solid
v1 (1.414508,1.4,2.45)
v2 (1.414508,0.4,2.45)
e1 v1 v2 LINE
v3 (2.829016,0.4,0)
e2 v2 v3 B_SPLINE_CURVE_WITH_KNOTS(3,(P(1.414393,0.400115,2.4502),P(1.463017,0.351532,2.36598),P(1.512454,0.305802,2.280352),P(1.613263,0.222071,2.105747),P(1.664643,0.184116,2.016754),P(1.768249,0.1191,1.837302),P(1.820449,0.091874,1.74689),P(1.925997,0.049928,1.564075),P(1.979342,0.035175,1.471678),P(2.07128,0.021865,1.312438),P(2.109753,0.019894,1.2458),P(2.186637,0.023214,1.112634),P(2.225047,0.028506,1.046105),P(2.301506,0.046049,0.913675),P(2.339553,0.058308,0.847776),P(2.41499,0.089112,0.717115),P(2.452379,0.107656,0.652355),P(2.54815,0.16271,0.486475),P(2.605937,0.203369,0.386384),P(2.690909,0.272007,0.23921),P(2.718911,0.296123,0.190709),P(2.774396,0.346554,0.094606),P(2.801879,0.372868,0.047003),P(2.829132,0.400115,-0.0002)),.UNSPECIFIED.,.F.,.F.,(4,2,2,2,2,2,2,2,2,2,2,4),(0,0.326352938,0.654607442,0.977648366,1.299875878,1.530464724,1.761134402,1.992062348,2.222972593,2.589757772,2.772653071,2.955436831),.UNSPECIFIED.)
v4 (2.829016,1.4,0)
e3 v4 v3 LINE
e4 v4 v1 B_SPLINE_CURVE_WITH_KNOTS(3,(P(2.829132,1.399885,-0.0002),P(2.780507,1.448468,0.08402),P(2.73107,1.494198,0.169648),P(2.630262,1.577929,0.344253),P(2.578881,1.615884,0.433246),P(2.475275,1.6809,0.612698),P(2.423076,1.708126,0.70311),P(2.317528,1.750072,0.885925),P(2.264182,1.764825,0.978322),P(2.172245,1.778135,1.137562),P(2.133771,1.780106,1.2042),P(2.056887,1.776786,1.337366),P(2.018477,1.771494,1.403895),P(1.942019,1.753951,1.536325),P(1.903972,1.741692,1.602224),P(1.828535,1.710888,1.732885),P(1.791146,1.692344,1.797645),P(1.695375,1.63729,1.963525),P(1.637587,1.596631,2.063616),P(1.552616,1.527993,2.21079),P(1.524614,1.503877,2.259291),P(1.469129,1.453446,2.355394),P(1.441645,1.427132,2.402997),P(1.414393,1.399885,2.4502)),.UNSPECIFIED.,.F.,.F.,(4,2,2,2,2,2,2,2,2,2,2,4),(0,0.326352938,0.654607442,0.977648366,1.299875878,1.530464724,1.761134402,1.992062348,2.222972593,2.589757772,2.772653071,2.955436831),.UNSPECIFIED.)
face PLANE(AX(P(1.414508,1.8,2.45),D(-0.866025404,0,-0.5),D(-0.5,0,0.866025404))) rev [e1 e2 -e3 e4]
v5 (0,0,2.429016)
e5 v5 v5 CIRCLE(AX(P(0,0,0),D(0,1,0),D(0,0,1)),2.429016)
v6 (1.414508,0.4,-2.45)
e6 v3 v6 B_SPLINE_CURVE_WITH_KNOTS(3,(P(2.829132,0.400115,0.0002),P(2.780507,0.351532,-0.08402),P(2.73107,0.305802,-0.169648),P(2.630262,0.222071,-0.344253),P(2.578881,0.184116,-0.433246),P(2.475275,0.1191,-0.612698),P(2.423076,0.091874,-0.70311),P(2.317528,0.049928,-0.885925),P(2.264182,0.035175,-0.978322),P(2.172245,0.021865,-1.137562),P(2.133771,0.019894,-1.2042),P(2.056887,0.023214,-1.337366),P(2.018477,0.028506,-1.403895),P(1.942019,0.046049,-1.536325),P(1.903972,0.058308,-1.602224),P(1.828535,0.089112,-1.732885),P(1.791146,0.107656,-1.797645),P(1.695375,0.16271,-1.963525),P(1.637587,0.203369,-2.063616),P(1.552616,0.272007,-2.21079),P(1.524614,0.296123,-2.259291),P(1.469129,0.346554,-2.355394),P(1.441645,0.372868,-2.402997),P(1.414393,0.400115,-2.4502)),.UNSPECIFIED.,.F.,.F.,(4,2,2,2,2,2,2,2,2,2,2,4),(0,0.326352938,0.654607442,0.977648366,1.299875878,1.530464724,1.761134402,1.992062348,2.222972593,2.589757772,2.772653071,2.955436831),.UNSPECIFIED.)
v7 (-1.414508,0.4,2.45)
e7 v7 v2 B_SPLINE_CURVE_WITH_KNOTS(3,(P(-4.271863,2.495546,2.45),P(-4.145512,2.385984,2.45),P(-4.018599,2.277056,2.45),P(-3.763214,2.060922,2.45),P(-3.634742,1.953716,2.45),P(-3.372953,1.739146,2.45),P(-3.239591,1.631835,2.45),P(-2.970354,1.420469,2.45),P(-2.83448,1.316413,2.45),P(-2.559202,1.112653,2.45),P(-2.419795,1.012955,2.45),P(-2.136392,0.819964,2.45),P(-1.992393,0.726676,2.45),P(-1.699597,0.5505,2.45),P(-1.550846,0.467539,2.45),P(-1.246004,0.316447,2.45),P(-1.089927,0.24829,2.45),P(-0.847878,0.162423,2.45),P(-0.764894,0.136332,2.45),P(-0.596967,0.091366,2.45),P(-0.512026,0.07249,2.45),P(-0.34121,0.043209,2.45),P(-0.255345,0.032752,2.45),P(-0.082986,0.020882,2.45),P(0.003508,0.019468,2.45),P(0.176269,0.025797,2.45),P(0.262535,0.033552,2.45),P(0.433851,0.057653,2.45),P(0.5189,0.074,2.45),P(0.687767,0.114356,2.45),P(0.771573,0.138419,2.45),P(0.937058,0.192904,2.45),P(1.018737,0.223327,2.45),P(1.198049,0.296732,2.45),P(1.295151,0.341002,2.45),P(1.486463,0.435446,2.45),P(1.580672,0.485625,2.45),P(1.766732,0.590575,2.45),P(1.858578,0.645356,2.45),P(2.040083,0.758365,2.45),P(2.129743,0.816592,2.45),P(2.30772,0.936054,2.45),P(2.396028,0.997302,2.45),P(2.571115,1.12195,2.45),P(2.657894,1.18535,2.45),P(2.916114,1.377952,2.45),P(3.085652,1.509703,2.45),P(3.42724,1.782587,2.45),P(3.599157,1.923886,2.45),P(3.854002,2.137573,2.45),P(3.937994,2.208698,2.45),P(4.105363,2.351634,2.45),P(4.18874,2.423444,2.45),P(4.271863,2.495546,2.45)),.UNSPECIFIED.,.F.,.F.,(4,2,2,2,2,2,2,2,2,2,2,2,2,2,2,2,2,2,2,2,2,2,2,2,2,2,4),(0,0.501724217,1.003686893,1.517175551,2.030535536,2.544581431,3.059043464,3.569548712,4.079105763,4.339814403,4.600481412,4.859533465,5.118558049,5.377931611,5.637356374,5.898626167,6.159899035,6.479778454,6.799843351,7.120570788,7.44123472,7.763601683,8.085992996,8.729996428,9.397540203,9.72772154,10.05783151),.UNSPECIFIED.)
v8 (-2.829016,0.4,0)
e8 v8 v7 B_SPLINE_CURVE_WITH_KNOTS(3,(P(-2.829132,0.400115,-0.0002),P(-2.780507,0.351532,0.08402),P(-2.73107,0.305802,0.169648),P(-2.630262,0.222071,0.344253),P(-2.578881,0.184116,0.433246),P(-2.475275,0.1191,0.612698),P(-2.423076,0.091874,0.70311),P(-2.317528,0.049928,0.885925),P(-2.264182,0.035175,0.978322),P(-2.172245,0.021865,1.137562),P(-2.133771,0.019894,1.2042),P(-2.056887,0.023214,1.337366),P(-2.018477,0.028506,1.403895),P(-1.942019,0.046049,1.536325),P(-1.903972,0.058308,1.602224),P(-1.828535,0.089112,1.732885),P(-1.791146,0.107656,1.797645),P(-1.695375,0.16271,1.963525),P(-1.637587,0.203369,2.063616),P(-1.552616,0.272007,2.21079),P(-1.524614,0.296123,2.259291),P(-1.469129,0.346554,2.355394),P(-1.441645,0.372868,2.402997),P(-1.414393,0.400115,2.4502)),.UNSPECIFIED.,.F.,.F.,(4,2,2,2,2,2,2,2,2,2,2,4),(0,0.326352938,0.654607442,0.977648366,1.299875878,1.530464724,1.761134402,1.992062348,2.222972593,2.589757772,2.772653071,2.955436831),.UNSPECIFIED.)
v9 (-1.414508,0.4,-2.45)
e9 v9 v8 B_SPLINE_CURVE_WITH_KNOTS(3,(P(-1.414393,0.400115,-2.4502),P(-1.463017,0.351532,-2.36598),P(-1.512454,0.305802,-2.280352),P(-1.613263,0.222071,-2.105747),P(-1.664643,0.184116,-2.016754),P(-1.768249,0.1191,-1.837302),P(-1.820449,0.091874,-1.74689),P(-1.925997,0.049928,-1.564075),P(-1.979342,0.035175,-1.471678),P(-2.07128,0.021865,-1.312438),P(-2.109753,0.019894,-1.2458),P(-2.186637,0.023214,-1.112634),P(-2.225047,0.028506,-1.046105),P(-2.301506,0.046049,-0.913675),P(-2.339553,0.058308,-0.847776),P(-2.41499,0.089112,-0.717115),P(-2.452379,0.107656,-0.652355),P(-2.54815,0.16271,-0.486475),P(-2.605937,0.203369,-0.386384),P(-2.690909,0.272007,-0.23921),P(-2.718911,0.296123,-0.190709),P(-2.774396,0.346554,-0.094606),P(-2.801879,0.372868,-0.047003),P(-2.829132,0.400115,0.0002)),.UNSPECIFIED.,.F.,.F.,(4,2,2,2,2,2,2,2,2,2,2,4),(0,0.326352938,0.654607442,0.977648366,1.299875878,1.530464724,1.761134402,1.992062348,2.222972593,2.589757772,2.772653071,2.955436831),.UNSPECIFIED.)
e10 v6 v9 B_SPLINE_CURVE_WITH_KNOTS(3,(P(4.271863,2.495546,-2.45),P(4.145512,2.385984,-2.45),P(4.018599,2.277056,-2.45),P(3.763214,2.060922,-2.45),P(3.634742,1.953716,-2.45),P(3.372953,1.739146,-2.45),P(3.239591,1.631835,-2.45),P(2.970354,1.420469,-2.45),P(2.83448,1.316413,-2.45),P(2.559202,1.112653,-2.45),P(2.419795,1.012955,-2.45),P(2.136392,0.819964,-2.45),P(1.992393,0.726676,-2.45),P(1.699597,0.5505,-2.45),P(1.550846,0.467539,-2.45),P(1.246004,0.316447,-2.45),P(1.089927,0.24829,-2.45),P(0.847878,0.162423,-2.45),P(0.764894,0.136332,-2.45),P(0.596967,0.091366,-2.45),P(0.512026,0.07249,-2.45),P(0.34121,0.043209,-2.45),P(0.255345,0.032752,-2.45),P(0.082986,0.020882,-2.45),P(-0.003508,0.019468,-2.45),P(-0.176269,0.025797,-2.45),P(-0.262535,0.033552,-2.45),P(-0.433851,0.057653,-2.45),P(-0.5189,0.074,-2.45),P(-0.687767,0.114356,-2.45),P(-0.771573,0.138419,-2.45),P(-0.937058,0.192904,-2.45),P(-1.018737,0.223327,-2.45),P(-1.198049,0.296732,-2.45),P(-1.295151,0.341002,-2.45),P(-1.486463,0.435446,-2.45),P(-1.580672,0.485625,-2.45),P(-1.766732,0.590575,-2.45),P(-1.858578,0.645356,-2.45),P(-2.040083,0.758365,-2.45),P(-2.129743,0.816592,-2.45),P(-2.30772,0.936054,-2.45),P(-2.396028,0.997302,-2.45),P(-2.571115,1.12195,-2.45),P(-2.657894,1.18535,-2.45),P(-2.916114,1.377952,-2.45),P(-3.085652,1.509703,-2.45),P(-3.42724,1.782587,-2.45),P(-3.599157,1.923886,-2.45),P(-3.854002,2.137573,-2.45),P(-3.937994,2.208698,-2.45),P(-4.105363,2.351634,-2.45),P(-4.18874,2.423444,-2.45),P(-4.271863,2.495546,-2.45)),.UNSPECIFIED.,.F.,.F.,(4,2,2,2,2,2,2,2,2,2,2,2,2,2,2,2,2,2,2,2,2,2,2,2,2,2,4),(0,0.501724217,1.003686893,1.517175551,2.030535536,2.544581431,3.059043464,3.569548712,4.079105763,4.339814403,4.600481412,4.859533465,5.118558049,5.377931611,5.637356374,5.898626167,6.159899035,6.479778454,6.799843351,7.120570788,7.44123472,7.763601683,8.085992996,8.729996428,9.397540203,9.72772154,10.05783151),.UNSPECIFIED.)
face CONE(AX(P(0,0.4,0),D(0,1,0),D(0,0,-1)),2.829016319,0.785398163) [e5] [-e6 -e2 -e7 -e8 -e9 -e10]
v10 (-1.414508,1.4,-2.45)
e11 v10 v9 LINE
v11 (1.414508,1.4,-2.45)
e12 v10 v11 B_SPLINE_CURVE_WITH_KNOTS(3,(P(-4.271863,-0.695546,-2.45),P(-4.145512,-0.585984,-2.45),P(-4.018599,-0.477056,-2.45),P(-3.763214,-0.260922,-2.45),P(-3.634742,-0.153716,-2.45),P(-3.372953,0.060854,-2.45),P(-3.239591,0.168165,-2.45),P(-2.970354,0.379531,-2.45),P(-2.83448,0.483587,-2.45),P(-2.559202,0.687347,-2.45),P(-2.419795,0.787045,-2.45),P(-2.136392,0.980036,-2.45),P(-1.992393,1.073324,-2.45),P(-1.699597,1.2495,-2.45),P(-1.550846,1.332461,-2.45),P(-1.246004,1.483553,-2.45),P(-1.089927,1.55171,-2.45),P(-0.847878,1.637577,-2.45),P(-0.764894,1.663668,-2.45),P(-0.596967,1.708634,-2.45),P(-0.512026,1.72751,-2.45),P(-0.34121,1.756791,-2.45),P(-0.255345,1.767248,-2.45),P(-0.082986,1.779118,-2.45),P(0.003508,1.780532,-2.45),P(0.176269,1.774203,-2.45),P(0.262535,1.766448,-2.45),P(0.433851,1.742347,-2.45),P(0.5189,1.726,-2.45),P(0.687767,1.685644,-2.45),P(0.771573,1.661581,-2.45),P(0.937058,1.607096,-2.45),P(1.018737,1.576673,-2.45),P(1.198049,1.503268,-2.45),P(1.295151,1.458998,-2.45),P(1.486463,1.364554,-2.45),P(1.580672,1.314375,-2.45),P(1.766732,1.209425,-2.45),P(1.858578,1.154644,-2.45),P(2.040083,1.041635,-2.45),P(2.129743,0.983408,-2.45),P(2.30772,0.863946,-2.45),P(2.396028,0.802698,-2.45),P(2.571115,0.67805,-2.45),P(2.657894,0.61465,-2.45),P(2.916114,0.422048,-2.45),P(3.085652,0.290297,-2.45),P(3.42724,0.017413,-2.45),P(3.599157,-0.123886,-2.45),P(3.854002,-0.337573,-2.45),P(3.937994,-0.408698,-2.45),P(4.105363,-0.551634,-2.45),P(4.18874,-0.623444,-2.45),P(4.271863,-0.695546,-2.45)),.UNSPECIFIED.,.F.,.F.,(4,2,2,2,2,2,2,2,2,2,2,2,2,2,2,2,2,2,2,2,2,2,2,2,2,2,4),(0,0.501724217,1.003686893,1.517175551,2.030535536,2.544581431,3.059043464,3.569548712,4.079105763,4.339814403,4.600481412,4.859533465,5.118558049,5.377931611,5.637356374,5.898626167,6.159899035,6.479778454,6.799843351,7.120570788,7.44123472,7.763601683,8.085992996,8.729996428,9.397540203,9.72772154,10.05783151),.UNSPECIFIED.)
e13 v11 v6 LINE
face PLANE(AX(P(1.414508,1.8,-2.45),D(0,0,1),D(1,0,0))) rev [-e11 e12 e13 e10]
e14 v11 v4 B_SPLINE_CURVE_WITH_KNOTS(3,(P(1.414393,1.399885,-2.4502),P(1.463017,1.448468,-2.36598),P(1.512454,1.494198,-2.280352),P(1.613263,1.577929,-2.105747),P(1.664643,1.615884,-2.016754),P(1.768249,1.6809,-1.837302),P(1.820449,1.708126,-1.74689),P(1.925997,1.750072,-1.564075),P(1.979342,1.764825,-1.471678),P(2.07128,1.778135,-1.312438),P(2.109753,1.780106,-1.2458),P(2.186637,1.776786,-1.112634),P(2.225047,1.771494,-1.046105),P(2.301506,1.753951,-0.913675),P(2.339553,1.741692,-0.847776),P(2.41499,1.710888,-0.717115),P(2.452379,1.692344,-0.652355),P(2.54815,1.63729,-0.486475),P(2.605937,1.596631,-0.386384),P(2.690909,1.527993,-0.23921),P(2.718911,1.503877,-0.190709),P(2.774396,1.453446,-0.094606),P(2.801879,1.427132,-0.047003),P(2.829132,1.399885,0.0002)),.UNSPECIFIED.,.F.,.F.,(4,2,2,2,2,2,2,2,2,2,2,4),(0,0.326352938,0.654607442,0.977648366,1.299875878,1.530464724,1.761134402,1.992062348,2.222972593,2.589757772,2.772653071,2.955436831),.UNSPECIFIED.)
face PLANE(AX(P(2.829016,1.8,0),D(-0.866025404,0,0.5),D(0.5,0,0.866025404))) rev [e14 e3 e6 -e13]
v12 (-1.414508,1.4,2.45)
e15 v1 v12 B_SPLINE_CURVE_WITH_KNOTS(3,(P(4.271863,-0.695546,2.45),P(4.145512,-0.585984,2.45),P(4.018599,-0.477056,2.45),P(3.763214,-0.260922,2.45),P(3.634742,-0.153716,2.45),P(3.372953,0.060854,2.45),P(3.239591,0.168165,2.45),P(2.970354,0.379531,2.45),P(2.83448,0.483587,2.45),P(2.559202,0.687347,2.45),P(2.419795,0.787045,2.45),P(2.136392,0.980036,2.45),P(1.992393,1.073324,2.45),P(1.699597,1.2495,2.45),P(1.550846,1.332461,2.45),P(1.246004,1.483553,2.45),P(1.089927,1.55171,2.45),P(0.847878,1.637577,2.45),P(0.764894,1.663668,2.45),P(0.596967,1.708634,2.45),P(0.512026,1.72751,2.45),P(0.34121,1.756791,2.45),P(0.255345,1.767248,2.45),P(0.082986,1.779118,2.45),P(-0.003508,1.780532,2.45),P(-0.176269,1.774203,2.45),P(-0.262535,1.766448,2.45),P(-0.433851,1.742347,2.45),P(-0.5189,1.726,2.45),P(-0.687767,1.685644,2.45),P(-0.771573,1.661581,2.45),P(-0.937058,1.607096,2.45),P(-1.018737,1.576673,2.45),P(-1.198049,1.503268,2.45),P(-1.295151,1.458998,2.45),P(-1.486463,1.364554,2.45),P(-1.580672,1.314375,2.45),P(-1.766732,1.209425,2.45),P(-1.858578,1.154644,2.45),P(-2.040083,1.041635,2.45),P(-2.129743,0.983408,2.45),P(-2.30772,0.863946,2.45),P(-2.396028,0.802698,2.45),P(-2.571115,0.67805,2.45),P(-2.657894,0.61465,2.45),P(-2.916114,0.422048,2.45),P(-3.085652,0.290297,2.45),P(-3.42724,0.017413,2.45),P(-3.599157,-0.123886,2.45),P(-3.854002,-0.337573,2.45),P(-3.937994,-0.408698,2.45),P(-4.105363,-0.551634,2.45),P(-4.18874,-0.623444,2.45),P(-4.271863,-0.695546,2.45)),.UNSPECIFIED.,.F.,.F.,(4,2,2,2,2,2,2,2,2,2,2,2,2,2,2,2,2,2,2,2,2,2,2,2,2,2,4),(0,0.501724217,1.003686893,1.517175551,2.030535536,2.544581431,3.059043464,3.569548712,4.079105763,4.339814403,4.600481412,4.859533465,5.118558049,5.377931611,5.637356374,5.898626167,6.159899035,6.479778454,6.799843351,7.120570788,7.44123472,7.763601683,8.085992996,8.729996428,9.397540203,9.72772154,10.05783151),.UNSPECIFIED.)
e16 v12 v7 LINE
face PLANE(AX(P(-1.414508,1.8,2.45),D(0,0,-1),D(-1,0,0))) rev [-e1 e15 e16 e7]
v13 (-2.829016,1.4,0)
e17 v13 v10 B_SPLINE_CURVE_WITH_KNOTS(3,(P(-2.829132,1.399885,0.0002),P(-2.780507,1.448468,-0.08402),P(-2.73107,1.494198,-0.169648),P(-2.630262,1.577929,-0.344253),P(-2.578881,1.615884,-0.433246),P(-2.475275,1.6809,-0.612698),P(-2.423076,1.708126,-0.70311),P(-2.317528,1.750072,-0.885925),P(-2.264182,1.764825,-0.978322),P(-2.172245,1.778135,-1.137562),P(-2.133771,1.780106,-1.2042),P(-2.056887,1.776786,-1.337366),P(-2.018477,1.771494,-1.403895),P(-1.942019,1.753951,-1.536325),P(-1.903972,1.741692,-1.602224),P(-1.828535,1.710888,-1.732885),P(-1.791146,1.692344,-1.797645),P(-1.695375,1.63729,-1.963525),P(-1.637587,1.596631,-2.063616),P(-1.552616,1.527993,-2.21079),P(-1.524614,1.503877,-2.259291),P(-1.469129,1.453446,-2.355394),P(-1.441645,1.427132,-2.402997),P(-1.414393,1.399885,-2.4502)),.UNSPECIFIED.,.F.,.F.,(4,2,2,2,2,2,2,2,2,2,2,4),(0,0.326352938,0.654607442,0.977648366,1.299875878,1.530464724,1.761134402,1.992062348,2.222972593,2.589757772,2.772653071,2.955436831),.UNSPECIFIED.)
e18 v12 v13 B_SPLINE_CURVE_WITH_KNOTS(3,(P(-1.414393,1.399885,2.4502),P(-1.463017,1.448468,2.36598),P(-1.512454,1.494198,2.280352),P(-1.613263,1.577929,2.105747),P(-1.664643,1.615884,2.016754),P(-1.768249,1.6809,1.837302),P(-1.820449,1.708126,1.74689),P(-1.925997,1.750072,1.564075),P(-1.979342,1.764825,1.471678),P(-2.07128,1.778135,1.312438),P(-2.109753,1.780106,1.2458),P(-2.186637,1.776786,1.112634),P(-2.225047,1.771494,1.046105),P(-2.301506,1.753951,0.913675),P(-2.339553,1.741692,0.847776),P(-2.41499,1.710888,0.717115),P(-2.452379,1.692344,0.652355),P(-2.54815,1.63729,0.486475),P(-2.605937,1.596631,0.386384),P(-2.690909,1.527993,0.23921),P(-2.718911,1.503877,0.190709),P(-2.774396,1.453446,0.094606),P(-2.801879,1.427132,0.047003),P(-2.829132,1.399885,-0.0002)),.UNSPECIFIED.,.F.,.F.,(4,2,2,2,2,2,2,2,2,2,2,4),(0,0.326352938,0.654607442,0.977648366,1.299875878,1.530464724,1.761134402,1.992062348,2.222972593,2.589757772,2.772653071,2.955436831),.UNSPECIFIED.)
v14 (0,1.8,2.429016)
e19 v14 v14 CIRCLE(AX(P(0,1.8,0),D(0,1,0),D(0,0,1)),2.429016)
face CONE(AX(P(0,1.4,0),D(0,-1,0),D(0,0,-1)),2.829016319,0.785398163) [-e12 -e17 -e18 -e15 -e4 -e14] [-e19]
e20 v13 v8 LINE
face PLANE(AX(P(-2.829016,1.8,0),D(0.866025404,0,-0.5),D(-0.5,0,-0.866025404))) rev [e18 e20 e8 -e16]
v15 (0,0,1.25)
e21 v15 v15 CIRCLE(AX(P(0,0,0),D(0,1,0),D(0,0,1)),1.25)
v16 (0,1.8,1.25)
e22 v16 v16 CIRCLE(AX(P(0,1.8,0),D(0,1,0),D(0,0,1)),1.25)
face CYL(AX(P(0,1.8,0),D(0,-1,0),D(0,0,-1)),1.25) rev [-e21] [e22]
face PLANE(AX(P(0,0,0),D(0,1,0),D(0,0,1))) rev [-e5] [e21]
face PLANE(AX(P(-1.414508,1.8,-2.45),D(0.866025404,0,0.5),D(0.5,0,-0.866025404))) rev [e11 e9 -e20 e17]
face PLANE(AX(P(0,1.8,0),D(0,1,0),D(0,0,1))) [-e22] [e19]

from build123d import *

# Parameters (mm, degrees)
SKETCH1_R           = 1.25
BOSS_EXTRUDE1_DEPTH = 1.8


with BuildPart() as part:
    # Sketch1 → Boss-Extrude1 (new body)
    with BuildSketch(Plane(origin=(0, 0, 0), x_dir=(1, 0, 0), z_dir=(0, 1, 0))):
        Polygon((1.41450816, 2.45), (-1.41450816, 2.45), (-2.829016319, 0), (-1.41450816, -2.45), (1.41450816, -2.45), (2.829016319, 0), align=None)
        with Locations(Location((0, 0, 0), (0, 0, 270))):
            Circle(SKETCH1_R, mode=Mode.SUBTRACT)
    extrude(amount=BOSS_EXTRUDE1_DEPTH)

    # Sketch3 → Cut-Revolve2 (revolve, cut)
    with BuildSketch(Plane(origin=(0, 0, 0), x_dir=(-1, 0, 0), z_dir=(0, 0, -1)), mode=Mode.PRIVATE) as cut_revolve2_sk:
        Polygon((-2.829016319, 1.8), (-2.829016319, 1.4), (-2.429016319, 1.8), align=None)
    cut_revolve2 = revolve(cut_revolve2_sk.sketch.rotate(Axis((0, 1.89, 0), (0, -1, 0)), 300.000000777), axis=Axis((0, 1.89, 0), (0, -1, 0)), mode=Mode.SUBTRACT)

    # Mirror1: Cut-Revolve2 across plane
    add(cut_revolve2.mirror(Plane.ZX.offset(0.9)), mode=Mode.SUBTRACT)


solid = part.part
